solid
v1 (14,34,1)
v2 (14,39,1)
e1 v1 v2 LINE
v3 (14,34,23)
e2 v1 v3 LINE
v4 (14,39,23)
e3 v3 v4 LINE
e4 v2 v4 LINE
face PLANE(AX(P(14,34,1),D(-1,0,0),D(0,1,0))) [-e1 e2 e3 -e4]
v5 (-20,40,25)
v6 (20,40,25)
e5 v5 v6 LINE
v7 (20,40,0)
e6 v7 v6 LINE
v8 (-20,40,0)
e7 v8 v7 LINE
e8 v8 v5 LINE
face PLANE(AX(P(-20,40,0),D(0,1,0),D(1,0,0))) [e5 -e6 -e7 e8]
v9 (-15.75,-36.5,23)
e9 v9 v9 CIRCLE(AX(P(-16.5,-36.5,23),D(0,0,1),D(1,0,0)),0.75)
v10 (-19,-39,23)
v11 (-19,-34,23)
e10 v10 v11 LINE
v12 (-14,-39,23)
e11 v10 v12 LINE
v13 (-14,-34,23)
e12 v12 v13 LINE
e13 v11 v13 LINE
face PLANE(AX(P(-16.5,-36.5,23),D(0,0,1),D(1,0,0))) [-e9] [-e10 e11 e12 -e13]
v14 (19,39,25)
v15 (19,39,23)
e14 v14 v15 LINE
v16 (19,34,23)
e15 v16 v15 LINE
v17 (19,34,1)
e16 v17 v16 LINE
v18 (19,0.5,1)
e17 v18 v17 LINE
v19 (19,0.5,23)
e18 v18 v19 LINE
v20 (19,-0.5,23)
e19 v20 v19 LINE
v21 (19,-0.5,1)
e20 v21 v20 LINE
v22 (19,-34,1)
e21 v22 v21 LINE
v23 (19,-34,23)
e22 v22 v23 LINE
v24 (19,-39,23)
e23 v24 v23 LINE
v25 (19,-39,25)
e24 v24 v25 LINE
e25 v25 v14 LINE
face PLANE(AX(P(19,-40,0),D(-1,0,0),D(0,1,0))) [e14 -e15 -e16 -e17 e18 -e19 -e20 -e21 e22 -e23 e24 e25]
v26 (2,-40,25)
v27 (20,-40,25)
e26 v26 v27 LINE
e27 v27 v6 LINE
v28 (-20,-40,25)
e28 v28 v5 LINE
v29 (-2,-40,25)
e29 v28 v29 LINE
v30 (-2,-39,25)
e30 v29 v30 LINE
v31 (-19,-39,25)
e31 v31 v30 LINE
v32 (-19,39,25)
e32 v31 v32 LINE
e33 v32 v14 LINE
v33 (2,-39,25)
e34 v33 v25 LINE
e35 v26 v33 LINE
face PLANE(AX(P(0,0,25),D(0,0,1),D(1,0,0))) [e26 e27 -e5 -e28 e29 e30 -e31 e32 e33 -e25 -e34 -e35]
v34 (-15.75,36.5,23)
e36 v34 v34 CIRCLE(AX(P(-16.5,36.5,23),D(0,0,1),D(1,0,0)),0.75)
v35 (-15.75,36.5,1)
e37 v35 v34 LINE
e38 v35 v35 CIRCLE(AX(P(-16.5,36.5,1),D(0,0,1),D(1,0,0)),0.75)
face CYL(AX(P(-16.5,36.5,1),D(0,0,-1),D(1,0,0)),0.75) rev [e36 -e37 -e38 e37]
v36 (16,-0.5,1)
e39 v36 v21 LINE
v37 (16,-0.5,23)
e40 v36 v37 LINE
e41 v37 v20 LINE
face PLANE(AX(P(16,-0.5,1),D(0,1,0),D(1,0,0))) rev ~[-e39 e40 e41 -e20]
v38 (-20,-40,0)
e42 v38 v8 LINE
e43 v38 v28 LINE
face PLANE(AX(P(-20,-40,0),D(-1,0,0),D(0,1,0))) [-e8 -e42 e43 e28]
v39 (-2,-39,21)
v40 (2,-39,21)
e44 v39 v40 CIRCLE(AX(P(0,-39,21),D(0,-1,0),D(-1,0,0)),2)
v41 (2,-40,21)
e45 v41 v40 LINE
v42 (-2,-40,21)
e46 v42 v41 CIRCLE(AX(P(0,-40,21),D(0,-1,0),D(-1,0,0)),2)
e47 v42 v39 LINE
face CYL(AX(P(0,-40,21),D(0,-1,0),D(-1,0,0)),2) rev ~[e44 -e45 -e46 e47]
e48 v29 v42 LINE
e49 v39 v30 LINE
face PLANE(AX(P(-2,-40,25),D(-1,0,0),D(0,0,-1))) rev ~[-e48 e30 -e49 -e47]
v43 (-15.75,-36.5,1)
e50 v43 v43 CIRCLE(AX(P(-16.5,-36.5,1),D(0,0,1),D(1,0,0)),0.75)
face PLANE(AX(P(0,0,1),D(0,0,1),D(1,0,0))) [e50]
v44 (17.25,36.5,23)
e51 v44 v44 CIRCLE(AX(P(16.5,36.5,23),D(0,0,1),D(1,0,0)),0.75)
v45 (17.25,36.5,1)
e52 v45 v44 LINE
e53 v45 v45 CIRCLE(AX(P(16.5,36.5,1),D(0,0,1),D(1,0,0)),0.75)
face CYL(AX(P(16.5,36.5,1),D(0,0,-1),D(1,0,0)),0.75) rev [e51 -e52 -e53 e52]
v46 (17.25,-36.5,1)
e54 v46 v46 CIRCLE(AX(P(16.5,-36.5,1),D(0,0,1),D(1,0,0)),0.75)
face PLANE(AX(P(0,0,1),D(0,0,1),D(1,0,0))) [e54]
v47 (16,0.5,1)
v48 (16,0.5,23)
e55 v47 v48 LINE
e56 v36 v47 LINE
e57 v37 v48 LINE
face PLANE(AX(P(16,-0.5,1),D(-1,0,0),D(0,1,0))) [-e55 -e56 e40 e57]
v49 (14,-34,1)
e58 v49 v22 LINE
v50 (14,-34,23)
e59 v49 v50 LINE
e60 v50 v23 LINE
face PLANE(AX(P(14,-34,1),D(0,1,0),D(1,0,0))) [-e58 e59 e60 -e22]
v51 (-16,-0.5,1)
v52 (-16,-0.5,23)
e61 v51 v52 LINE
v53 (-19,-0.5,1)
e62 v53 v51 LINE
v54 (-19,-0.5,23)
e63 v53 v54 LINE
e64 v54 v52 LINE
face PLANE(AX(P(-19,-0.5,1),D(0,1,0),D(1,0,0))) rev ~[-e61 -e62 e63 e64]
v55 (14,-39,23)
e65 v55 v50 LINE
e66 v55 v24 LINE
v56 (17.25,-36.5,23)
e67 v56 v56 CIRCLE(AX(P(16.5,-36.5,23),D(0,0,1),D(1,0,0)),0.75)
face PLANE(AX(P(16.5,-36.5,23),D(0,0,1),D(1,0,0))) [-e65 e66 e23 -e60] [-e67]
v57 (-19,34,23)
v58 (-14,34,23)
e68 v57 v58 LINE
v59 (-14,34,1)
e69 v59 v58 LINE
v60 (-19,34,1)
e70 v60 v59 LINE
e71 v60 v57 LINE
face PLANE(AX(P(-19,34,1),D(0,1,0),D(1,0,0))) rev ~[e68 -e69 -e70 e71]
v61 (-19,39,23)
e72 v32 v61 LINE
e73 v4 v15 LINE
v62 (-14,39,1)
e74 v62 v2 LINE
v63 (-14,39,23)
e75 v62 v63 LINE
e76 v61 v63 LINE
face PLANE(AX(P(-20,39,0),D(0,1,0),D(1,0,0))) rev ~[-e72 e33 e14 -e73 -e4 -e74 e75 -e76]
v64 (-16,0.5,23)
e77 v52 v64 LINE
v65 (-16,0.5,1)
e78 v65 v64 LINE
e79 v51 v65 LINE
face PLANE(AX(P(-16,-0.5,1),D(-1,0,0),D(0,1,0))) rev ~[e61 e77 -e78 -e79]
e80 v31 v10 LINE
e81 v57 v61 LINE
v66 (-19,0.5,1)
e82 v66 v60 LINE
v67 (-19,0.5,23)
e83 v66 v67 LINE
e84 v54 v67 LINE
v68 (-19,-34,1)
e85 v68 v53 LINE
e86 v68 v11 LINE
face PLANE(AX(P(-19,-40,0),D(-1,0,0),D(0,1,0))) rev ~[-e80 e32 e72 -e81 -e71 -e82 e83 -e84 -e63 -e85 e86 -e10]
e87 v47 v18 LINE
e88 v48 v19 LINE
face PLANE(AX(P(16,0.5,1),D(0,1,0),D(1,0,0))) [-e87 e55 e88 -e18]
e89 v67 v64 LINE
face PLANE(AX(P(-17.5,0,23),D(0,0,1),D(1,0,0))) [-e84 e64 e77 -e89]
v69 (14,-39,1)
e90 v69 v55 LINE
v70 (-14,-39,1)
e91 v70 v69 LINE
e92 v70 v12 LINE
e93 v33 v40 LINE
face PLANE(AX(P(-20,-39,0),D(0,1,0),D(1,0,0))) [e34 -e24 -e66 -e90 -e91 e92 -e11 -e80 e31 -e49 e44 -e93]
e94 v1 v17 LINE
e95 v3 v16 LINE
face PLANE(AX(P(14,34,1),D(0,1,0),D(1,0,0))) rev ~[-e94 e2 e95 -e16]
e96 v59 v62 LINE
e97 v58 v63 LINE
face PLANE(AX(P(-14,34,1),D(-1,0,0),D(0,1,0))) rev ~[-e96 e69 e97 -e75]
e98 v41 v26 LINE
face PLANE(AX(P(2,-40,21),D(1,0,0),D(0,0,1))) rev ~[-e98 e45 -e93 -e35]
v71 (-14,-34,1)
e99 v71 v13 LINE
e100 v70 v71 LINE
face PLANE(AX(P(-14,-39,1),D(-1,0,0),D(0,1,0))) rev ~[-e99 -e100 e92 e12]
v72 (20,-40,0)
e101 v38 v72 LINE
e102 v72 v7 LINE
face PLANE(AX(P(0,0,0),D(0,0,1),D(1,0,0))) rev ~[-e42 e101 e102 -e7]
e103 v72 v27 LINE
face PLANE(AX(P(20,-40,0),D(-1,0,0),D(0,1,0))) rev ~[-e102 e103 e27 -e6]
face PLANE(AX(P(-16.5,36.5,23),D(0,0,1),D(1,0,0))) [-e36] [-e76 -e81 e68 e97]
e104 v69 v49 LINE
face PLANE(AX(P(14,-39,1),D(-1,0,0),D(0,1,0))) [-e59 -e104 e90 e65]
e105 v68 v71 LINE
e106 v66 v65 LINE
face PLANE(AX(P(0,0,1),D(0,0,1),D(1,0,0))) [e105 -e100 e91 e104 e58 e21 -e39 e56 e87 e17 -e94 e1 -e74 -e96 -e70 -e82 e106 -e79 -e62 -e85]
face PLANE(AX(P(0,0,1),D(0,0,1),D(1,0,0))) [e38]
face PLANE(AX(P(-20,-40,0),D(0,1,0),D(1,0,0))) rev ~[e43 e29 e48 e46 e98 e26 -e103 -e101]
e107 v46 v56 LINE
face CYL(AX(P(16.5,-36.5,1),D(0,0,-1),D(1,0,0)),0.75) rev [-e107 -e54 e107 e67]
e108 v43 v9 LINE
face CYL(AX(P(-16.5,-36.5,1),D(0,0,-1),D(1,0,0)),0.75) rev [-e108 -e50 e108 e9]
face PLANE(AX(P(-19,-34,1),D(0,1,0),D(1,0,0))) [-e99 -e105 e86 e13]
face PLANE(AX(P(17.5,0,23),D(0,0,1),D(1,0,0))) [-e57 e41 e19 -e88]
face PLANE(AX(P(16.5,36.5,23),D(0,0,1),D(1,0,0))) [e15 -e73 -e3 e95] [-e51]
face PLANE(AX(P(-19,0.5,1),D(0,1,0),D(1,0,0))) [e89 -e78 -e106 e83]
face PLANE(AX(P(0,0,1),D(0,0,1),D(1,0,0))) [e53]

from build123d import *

# Parameters (mm, degrees)
F0_W     = 40
F0_H     = 80
F1_DEPTH = 25
F2_T     = -1
F3_W     = 5
F3_H     = 5
F3_R     = 0.75
F3_W_2   = 3
F3_H_2   = 1
F4_DEPTH = 22
F6_DEPTH = 25


with BuildPart() as f1:
    # F0 (on Top) → F1 (new body)
    with BuildSketch(Plane.XY):
        Rectangle(F0_W, F0_H)
    extrude(amount=F1_DEPTH)

    # F2
    f2_openings = [f1.faces().sort_by_distance(p)[0] for p in [
        (0, 0, 25),
    ]]
    offset(amount=F2_T, openings=f2_openings)

    # F3 (on face) → F4 (join)
    with BuildSketch(Plane.XY.offset(1)):
        with Locations((-16.5, 36.5)):
            Rectangle(F3_W, F3_H)
        with Locations((-16.5, 36.5)):
            Circle(F3_R, mode=Mode.SUBTRACT)
        with Locations((-16.5, -36.5)):
            Rectangle(F3_W, F3_H)
        with Locations((-16.5, -36.5)):
            Circle(F3_R, mode=Mode.SUBTRACT)
        with Locations((16.5, 36.5)):
            Rectangle(F3_W, F3_H)
        with Locations((16.5, 36.5)):
            Circle(F3_R, mode=Mode.SUBTRACT)
        with Locations((16.5, -36.5)):
            Rectangle(F3_W, F3_H)
        with Locations((16.5, -36.5)):
            Circle(F3_R, mode=Mode.SUBTRACT)
        with Locations((-17.5, 0)):
            Rectangle(F3_W_2, F3_H_2)
        with Locations((17.5, 0)):
            Rectangle(F3_W_2, F3_H_2)
    extrude(amount=F4_DEPTH)

    # F5 (on face) → F6 (cut)
    with BuildSketch(Plane.XZ.offset(40)):
        with BuildLine():
            Line((2, 25), (-2, 25))
            Line((-2, 25), (-2, 21))
            ThreePointArc((-2, 21), (0, 19), (2, 21))
            Line((2, 21), (2, 25))
        make_face()
    extrude(amount=-F6_DEPTH, mode=Mode.SUBTRACT)


solid = f1.part
